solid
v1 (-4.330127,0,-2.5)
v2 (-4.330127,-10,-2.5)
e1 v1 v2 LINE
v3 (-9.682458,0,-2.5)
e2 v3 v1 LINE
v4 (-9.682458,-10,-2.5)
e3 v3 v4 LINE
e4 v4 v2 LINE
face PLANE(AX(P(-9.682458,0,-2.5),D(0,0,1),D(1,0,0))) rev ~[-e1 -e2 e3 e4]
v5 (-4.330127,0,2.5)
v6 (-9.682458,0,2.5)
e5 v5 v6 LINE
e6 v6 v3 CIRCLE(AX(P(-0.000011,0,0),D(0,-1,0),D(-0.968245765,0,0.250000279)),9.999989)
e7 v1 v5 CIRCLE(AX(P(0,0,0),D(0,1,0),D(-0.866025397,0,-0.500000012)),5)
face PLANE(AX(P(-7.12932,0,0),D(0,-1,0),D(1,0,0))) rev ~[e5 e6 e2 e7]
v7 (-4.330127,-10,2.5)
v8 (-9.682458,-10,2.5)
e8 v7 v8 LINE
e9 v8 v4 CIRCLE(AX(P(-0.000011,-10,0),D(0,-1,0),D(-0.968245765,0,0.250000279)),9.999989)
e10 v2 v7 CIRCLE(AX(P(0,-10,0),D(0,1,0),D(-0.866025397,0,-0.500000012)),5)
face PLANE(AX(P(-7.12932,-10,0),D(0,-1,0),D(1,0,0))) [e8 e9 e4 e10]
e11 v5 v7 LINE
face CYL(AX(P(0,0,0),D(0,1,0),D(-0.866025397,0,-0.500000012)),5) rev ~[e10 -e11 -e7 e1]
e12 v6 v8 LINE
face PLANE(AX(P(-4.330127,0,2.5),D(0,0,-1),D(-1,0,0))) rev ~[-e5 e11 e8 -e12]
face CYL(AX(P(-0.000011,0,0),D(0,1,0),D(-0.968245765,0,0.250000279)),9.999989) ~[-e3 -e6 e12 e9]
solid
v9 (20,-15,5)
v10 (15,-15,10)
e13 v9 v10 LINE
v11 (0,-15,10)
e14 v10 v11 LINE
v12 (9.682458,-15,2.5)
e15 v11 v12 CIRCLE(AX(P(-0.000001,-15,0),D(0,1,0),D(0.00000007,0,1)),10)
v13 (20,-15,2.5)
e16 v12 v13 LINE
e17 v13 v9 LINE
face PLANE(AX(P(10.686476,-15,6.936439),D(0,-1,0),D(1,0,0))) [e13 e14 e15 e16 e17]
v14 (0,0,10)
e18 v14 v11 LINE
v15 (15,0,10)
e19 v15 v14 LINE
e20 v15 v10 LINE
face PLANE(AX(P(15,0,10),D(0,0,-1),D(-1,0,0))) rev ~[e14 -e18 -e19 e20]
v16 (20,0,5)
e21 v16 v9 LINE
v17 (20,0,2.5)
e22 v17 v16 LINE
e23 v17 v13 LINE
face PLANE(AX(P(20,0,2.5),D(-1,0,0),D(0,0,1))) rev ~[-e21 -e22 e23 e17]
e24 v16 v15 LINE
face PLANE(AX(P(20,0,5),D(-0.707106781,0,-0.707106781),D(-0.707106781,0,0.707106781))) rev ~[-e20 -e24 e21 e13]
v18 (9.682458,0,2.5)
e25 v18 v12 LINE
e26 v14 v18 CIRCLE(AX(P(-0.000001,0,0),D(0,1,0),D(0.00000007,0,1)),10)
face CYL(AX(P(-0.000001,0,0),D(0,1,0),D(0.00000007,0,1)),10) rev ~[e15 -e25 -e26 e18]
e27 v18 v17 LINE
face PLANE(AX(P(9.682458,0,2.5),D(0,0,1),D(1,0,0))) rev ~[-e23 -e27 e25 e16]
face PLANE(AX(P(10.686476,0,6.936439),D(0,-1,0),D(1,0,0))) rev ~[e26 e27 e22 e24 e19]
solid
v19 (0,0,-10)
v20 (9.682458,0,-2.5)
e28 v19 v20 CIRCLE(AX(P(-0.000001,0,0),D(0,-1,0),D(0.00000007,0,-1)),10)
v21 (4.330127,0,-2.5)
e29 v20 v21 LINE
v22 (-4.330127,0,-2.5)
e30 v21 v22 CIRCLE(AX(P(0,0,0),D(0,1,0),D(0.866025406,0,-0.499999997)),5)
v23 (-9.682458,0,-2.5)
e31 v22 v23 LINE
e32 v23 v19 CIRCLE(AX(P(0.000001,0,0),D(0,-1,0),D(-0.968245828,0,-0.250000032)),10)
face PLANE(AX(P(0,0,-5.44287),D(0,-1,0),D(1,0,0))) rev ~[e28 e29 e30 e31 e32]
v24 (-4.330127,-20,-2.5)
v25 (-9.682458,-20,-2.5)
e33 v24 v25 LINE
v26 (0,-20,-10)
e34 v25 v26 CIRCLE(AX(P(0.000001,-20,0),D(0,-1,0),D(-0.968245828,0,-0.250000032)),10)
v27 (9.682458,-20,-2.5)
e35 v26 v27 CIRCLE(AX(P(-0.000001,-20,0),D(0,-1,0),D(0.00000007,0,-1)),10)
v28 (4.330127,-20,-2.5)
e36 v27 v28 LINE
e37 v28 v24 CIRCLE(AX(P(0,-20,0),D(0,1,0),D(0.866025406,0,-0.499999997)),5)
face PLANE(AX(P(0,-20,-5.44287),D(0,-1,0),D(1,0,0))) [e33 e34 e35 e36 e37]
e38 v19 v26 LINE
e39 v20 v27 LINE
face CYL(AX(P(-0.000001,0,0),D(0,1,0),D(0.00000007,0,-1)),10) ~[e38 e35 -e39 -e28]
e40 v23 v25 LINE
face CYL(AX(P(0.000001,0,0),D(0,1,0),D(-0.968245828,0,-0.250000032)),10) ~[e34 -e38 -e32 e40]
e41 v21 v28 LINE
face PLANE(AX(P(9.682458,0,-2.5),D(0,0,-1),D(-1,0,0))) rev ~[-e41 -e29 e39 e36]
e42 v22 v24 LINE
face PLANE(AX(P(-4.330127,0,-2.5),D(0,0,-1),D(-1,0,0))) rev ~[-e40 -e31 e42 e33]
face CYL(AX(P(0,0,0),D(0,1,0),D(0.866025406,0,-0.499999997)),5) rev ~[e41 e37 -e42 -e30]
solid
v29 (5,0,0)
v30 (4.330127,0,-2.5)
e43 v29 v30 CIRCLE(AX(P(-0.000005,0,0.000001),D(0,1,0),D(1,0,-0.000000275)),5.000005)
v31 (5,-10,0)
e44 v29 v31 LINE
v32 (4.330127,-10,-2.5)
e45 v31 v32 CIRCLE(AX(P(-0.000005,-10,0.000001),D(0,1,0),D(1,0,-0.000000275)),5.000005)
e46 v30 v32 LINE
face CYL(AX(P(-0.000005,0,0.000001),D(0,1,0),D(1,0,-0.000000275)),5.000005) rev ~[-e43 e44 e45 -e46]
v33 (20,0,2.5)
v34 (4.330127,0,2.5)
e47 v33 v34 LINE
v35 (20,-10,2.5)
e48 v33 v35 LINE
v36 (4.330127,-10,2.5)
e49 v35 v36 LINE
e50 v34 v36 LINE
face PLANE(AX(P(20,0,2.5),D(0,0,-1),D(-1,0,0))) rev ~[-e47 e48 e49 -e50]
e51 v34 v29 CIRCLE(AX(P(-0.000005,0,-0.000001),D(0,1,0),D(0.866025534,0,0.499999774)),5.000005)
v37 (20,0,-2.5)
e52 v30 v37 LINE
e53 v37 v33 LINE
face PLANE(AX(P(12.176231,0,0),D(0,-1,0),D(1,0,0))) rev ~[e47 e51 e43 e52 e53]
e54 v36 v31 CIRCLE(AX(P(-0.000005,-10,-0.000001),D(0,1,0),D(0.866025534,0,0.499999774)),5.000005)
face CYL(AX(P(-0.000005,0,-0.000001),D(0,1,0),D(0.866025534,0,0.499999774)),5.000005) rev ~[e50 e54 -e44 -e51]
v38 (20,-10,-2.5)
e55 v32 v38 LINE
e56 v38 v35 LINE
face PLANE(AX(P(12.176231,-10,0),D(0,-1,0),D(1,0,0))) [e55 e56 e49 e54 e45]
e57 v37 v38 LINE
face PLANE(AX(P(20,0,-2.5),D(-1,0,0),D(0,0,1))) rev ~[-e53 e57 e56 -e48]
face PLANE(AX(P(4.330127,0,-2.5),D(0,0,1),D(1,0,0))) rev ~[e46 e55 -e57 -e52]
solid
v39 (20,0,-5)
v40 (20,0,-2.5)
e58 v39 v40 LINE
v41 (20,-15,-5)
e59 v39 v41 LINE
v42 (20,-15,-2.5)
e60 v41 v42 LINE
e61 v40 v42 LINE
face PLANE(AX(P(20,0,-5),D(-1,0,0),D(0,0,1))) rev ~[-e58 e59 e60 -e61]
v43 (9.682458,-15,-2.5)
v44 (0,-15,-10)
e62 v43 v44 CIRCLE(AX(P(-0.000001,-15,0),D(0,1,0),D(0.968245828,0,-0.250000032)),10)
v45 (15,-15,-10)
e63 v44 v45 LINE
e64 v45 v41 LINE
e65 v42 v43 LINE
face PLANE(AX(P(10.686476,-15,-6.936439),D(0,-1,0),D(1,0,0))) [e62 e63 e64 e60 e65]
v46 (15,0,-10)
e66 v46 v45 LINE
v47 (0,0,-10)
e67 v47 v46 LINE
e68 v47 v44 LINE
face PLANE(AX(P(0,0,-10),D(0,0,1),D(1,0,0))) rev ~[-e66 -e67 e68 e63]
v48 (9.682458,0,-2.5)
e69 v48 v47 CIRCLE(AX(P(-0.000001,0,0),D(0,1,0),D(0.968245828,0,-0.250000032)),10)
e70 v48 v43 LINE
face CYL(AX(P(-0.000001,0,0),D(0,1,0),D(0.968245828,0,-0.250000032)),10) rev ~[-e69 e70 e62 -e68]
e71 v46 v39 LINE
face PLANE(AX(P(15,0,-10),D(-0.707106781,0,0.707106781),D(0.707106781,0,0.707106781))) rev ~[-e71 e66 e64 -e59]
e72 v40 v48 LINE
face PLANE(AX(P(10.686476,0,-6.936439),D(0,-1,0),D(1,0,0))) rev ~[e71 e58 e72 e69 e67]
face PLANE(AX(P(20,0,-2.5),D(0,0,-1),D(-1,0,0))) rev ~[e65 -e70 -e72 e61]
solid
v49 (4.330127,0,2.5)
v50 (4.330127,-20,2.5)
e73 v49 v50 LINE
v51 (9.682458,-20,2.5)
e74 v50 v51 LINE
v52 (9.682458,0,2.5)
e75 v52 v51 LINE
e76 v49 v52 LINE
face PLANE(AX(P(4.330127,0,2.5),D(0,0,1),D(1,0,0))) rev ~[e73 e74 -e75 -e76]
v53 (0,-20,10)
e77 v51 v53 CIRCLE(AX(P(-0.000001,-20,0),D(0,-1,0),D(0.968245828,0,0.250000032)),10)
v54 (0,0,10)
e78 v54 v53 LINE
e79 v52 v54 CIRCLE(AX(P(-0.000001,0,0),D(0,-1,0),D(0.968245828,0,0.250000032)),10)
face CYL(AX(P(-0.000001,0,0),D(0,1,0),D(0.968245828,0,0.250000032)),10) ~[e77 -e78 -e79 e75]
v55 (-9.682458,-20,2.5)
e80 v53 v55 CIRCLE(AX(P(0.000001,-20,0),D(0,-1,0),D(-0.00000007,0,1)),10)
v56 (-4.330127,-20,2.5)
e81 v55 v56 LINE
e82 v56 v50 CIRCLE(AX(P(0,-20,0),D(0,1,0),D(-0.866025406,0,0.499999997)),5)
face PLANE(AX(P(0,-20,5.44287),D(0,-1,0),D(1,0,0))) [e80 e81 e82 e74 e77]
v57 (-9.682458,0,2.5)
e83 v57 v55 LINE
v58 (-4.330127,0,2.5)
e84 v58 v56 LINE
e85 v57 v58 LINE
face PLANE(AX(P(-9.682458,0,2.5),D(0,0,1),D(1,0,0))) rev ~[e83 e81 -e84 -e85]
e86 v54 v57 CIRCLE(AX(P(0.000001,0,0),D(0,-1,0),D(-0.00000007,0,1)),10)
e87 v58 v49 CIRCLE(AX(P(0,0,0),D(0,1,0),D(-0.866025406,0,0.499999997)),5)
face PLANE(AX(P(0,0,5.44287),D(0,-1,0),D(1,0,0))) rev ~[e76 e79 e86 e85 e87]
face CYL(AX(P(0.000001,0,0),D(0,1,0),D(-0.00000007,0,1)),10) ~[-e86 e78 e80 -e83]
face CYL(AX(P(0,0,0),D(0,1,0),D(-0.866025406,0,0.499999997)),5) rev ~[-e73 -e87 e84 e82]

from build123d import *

# Parameters (mm, degrees)
F1_DEPTH = 20
F2_DEPTH = 10
F3_DEPTH = 15


with BuildPart() as f1:
    # F0 (on Front) → F1 (new body)
    with BuildSketch(Plane.XZ):
        with BuildLine():
            ThreePointArc((-4.330127, 2.5), (0, 5), (4.330127, 2.5))
            Line((4.330127, 2.5), (9.682458, 2.5))
            ThreePointArc((9.682458, 2.5), (6.123724, 7.905694), (0, 10))
            ThreePointArc((0, 10), (-6.123724, 7.905694), (-9.682458, 2.5))
            Line((-9.682458, 2.5), (-4.330127, 2.5))
        make_face()
        with BuildLine():
            Line((9.682458, -2.5), (4.330127, -2.5))
            ThreePointArc((4.330127, -2.5), (0, -5), (-4.330127, -2.5))
            Line((-4.330127, -2.5), (-9.682458, -2.5))
            ThreePointArc((-9.682458, -2.5), (-6.123724, -7.905694), (0, -10))
            ThreePointArc((0, -10), (6.123724, -7.905694), (9.682458, -2.5))
        make_face()
    extrude(amount=F1_DEPTH)


with BuildPart() as f2:
    # F0 (on Front) → F2 (new body)
    with BuildSketch(Plane.XZ):
        with BuildLine():
            ThreePointArc((-4.330127, -2.5), (-5, 0), (-4.330127, 2.5))
            Line((-4.330127, 2.5), (-9.682458, 2.5))
            ThreePointArc((-9.682458, 2.5), (-10, 0), (-9.682458, -2.5))
            Line((-9.682458, -2.5), (-4.330127, -2.5))
        make_face()
        with BuildLine():
            ThreePointArc((4.330127, 2.5), (4.829629, 1.294095), (5, 0))
            ThreePointArc((5, 0), (4.829629, -1.294095), (4.330127, -2.5))
            Line((4.330127, -2.5), (9.682458, -2.5))
            Line((9.682458, -2.5), (20, -2.5))
            Line((20, -2.5), (20, 2.5))
            Line((20, 2.5), (9.682458, 2.5))
            Line((9.682458, 2.5), (4.330127, 2.5))
        make_face()
    extrude(amount=F2_DEPTH)


with BuildPart() as f3:
    # F0 (on Front) → F3 (new body)
    with BuildSketch(Plane.XZ):
        with BuildLine():
            ThreePointArc((0, 10), (6.123724, 7.905694), (9.682458, 2.5))
            Line((9.682458, 2.5), (20, 2.5))
            Line((20, 2.5), (20, 5))
            Line((20, 5), (15, 10))
            Line((15, 10), (0, 10))
        make_face()
        with BuildLine():
            Line((20, -2.5), (9.682458, -2.5))
            ThreePointArc((9.682458, -2.5), (6.123724, -7.905694), (0, -10))
            Line((0, -10), (15, -10))
            Line((15, -10), (20, -5))
            Line((20, -5), (20, -2.5))
        make_face()
    extrude(amount=F3_DEPTH)


solid = Compound([f1.part, f2.part, f3.part])
